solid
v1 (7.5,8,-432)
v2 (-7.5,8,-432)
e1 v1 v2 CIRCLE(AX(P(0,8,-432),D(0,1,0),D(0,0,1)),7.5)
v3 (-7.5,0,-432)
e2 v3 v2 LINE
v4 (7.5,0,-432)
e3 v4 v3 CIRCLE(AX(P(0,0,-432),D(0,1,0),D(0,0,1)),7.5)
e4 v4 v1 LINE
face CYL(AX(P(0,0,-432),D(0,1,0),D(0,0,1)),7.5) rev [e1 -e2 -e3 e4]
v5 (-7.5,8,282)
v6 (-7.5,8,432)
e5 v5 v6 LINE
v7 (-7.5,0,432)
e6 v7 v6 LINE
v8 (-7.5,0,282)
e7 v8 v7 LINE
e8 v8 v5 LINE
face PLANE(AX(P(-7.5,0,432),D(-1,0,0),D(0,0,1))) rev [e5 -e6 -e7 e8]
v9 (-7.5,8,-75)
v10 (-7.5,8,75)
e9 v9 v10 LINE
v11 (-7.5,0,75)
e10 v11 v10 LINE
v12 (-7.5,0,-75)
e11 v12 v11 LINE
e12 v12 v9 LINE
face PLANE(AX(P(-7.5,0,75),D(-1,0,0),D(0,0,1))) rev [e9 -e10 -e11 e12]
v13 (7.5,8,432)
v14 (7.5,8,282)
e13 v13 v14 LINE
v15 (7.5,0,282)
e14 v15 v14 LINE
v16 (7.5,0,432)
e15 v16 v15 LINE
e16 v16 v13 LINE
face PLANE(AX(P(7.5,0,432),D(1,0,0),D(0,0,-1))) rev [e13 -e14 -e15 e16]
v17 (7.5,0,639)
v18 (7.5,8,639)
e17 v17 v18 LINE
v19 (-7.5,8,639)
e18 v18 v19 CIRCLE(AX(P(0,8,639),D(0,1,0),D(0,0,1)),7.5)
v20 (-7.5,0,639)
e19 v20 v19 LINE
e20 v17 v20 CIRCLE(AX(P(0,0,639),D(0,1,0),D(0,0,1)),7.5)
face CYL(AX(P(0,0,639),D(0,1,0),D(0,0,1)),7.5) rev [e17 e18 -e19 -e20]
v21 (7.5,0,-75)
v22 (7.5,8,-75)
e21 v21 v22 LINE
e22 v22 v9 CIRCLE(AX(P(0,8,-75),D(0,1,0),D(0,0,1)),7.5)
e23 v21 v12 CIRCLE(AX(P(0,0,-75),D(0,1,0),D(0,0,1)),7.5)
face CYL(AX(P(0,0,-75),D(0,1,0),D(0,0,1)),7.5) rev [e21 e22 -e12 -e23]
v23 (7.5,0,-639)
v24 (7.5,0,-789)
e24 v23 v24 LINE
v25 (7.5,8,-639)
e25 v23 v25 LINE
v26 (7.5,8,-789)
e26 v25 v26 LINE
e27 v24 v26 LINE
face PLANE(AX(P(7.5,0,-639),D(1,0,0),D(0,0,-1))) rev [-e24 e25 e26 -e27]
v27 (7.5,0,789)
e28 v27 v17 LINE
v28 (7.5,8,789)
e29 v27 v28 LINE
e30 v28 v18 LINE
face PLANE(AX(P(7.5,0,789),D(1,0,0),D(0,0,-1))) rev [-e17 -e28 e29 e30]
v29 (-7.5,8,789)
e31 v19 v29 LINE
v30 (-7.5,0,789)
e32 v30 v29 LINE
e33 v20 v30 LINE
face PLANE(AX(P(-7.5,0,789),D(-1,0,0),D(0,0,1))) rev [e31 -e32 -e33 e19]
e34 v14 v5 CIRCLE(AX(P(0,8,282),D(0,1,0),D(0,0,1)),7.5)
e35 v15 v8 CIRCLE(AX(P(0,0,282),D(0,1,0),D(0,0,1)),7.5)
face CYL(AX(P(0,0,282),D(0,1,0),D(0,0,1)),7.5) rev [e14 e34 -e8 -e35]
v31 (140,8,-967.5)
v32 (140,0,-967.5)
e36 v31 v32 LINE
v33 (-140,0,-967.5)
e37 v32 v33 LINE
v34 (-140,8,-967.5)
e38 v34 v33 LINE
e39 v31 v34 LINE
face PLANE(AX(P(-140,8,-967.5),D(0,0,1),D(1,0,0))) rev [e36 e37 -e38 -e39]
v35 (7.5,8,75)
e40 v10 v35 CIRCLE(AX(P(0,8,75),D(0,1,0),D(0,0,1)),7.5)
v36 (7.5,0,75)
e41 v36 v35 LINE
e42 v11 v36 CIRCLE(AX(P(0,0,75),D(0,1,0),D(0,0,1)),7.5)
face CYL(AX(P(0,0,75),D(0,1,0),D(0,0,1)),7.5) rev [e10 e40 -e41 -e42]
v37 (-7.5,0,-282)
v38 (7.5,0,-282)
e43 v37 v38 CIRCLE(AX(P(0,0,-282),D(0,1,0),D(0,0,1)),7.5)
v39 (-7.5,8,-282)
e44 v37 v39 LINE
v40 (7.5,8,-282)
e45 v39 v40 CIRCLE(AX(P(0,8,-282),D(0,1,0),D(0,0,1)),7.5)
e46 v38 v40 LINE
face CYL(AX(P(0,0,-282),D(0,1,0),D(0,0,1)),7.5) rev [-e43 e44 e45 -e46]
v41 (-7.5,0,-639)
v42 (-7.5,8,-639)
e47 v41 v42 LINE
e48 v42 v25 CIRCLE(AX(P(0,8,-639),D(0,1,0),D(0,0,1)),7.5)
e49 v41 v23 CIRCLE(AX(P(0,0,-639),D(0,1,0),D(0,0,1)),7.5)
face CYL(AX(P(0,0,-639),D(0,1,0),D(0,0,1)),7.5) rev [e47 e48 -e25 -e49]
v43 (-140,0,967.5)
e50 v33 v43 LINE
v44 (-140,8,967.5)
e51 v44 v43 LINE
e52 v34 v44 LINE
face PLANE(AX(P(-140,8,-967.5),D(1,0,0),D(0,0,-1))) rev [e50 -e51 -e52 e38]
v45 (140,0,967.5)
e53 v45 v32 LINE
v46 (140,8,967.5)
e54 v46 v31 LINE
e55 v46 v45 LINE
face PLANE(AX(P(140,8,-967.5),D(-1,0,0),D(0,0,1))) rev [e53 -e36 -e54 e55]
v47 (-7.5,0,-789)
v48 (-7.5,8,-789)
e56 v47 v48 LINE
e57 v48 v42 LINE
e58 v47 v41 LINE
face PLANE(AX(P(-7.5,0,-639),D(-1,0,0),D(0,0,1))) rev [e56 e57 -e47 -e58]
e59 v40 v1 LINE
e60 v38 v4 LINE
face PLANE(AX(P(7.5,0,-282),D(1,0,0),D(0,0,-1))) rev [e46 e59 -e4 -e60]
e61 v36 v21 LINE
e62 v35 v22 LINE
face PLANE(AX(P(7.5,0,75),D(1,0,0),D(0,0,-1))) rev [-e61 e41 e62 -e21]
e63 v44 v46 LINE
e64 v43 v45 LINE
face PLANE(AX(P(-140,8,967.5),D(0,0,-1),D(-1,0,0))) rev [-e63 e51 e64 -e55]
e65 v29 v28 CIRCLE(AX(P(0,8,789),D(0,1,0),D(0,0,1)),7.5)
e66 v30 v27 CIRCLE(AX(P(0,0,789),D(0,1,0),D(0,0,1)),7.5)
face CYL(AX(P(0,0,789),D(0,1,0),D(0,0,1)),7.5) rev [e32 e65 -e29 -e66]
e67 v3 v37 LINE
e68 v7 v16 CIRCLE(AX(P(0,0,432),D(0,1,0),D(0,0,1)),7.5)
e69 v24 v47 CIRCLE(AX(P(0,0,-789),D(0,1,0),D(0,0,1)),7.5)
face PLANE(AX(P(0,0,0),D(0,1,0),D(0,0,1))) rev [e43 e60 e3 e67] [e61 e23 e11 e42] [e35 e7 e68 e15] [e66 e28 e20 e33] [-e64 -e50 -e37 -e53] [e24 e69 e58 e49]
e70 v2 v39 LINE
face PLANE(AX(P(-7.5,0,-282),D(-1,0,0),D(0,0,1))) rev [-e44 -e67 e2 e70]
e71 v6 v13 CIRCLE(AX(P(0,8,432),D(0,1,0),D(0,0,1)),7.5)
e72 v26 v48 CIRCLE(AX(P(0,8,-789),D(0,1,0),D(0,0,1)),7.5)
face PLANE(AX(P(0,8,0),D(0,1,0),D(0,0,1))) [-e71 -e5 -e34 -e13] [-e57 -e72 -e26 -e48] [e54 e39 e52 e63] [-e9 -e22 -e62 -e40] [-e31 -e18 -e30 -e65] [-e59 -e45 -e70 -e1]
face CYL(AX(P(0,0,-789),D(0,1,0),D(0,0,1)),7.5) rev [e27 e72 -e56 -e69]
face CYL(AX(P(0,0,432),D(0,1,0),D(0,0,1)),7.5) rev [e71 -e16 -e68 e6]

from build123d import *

# Parameters (mm, degrees)
SKETCH_1_W             = 280
SKETCH_1_H             = 1935
EXTRUDE_1_DEPTH        = 8
CUT_EXTRUDE_1_DEPTH    = 8
PATTERN_LINEAR_1_COUNT = 5
PATTERN_LINEAR_1_PITCH = 357


with BuildPart() as part:
    # 草图1 → 凸台-拉伸1 (new body)
    with BuildSketch(Plane(origin=(0, 0, 0), x_dir=(1, 0, 0), z_dir=(0, 1, 0))):
        Rectangle(SKETCH_1_W, SKETCH_1_H)
    extrude(amount=EXTRUDE_1_DEPTH)

    # 草图2 → 切除-拉伸1 (cut)
    with BuildSketch(Plane(origin=(0, 8, 0), x_dir=(1, 0, 0), z_dir=(0, 1, 0))):
        with BuildLine():
            Line((-7.5, -789), (-7.5, -639))
            ThreePointArc((-7.5, -639), (0, -631.5), (7.5, -639))
            Line((7.5, -639), (7.5, -789))
            ThreePointArc((7.5, -789), (0, -796.5), (-7.5, -789))
        make_face()
    cut_extrude_1 = extrude(amount=-CUT_EXTRUDE_1_DEPTH, mode=Mode.SUBTRACT)

    # 阵列(线性)1: 切除-拉伸1 ×5
    with Locations(*[(0, 0, -i * PATTERN_LINEAR_1_PITCH) for i in range(1, PATTERN_LINEAR_1_COUNT)]):
        add(cut_extrude_1, mode=Mode.SUBTRACT)


solid = part.part
